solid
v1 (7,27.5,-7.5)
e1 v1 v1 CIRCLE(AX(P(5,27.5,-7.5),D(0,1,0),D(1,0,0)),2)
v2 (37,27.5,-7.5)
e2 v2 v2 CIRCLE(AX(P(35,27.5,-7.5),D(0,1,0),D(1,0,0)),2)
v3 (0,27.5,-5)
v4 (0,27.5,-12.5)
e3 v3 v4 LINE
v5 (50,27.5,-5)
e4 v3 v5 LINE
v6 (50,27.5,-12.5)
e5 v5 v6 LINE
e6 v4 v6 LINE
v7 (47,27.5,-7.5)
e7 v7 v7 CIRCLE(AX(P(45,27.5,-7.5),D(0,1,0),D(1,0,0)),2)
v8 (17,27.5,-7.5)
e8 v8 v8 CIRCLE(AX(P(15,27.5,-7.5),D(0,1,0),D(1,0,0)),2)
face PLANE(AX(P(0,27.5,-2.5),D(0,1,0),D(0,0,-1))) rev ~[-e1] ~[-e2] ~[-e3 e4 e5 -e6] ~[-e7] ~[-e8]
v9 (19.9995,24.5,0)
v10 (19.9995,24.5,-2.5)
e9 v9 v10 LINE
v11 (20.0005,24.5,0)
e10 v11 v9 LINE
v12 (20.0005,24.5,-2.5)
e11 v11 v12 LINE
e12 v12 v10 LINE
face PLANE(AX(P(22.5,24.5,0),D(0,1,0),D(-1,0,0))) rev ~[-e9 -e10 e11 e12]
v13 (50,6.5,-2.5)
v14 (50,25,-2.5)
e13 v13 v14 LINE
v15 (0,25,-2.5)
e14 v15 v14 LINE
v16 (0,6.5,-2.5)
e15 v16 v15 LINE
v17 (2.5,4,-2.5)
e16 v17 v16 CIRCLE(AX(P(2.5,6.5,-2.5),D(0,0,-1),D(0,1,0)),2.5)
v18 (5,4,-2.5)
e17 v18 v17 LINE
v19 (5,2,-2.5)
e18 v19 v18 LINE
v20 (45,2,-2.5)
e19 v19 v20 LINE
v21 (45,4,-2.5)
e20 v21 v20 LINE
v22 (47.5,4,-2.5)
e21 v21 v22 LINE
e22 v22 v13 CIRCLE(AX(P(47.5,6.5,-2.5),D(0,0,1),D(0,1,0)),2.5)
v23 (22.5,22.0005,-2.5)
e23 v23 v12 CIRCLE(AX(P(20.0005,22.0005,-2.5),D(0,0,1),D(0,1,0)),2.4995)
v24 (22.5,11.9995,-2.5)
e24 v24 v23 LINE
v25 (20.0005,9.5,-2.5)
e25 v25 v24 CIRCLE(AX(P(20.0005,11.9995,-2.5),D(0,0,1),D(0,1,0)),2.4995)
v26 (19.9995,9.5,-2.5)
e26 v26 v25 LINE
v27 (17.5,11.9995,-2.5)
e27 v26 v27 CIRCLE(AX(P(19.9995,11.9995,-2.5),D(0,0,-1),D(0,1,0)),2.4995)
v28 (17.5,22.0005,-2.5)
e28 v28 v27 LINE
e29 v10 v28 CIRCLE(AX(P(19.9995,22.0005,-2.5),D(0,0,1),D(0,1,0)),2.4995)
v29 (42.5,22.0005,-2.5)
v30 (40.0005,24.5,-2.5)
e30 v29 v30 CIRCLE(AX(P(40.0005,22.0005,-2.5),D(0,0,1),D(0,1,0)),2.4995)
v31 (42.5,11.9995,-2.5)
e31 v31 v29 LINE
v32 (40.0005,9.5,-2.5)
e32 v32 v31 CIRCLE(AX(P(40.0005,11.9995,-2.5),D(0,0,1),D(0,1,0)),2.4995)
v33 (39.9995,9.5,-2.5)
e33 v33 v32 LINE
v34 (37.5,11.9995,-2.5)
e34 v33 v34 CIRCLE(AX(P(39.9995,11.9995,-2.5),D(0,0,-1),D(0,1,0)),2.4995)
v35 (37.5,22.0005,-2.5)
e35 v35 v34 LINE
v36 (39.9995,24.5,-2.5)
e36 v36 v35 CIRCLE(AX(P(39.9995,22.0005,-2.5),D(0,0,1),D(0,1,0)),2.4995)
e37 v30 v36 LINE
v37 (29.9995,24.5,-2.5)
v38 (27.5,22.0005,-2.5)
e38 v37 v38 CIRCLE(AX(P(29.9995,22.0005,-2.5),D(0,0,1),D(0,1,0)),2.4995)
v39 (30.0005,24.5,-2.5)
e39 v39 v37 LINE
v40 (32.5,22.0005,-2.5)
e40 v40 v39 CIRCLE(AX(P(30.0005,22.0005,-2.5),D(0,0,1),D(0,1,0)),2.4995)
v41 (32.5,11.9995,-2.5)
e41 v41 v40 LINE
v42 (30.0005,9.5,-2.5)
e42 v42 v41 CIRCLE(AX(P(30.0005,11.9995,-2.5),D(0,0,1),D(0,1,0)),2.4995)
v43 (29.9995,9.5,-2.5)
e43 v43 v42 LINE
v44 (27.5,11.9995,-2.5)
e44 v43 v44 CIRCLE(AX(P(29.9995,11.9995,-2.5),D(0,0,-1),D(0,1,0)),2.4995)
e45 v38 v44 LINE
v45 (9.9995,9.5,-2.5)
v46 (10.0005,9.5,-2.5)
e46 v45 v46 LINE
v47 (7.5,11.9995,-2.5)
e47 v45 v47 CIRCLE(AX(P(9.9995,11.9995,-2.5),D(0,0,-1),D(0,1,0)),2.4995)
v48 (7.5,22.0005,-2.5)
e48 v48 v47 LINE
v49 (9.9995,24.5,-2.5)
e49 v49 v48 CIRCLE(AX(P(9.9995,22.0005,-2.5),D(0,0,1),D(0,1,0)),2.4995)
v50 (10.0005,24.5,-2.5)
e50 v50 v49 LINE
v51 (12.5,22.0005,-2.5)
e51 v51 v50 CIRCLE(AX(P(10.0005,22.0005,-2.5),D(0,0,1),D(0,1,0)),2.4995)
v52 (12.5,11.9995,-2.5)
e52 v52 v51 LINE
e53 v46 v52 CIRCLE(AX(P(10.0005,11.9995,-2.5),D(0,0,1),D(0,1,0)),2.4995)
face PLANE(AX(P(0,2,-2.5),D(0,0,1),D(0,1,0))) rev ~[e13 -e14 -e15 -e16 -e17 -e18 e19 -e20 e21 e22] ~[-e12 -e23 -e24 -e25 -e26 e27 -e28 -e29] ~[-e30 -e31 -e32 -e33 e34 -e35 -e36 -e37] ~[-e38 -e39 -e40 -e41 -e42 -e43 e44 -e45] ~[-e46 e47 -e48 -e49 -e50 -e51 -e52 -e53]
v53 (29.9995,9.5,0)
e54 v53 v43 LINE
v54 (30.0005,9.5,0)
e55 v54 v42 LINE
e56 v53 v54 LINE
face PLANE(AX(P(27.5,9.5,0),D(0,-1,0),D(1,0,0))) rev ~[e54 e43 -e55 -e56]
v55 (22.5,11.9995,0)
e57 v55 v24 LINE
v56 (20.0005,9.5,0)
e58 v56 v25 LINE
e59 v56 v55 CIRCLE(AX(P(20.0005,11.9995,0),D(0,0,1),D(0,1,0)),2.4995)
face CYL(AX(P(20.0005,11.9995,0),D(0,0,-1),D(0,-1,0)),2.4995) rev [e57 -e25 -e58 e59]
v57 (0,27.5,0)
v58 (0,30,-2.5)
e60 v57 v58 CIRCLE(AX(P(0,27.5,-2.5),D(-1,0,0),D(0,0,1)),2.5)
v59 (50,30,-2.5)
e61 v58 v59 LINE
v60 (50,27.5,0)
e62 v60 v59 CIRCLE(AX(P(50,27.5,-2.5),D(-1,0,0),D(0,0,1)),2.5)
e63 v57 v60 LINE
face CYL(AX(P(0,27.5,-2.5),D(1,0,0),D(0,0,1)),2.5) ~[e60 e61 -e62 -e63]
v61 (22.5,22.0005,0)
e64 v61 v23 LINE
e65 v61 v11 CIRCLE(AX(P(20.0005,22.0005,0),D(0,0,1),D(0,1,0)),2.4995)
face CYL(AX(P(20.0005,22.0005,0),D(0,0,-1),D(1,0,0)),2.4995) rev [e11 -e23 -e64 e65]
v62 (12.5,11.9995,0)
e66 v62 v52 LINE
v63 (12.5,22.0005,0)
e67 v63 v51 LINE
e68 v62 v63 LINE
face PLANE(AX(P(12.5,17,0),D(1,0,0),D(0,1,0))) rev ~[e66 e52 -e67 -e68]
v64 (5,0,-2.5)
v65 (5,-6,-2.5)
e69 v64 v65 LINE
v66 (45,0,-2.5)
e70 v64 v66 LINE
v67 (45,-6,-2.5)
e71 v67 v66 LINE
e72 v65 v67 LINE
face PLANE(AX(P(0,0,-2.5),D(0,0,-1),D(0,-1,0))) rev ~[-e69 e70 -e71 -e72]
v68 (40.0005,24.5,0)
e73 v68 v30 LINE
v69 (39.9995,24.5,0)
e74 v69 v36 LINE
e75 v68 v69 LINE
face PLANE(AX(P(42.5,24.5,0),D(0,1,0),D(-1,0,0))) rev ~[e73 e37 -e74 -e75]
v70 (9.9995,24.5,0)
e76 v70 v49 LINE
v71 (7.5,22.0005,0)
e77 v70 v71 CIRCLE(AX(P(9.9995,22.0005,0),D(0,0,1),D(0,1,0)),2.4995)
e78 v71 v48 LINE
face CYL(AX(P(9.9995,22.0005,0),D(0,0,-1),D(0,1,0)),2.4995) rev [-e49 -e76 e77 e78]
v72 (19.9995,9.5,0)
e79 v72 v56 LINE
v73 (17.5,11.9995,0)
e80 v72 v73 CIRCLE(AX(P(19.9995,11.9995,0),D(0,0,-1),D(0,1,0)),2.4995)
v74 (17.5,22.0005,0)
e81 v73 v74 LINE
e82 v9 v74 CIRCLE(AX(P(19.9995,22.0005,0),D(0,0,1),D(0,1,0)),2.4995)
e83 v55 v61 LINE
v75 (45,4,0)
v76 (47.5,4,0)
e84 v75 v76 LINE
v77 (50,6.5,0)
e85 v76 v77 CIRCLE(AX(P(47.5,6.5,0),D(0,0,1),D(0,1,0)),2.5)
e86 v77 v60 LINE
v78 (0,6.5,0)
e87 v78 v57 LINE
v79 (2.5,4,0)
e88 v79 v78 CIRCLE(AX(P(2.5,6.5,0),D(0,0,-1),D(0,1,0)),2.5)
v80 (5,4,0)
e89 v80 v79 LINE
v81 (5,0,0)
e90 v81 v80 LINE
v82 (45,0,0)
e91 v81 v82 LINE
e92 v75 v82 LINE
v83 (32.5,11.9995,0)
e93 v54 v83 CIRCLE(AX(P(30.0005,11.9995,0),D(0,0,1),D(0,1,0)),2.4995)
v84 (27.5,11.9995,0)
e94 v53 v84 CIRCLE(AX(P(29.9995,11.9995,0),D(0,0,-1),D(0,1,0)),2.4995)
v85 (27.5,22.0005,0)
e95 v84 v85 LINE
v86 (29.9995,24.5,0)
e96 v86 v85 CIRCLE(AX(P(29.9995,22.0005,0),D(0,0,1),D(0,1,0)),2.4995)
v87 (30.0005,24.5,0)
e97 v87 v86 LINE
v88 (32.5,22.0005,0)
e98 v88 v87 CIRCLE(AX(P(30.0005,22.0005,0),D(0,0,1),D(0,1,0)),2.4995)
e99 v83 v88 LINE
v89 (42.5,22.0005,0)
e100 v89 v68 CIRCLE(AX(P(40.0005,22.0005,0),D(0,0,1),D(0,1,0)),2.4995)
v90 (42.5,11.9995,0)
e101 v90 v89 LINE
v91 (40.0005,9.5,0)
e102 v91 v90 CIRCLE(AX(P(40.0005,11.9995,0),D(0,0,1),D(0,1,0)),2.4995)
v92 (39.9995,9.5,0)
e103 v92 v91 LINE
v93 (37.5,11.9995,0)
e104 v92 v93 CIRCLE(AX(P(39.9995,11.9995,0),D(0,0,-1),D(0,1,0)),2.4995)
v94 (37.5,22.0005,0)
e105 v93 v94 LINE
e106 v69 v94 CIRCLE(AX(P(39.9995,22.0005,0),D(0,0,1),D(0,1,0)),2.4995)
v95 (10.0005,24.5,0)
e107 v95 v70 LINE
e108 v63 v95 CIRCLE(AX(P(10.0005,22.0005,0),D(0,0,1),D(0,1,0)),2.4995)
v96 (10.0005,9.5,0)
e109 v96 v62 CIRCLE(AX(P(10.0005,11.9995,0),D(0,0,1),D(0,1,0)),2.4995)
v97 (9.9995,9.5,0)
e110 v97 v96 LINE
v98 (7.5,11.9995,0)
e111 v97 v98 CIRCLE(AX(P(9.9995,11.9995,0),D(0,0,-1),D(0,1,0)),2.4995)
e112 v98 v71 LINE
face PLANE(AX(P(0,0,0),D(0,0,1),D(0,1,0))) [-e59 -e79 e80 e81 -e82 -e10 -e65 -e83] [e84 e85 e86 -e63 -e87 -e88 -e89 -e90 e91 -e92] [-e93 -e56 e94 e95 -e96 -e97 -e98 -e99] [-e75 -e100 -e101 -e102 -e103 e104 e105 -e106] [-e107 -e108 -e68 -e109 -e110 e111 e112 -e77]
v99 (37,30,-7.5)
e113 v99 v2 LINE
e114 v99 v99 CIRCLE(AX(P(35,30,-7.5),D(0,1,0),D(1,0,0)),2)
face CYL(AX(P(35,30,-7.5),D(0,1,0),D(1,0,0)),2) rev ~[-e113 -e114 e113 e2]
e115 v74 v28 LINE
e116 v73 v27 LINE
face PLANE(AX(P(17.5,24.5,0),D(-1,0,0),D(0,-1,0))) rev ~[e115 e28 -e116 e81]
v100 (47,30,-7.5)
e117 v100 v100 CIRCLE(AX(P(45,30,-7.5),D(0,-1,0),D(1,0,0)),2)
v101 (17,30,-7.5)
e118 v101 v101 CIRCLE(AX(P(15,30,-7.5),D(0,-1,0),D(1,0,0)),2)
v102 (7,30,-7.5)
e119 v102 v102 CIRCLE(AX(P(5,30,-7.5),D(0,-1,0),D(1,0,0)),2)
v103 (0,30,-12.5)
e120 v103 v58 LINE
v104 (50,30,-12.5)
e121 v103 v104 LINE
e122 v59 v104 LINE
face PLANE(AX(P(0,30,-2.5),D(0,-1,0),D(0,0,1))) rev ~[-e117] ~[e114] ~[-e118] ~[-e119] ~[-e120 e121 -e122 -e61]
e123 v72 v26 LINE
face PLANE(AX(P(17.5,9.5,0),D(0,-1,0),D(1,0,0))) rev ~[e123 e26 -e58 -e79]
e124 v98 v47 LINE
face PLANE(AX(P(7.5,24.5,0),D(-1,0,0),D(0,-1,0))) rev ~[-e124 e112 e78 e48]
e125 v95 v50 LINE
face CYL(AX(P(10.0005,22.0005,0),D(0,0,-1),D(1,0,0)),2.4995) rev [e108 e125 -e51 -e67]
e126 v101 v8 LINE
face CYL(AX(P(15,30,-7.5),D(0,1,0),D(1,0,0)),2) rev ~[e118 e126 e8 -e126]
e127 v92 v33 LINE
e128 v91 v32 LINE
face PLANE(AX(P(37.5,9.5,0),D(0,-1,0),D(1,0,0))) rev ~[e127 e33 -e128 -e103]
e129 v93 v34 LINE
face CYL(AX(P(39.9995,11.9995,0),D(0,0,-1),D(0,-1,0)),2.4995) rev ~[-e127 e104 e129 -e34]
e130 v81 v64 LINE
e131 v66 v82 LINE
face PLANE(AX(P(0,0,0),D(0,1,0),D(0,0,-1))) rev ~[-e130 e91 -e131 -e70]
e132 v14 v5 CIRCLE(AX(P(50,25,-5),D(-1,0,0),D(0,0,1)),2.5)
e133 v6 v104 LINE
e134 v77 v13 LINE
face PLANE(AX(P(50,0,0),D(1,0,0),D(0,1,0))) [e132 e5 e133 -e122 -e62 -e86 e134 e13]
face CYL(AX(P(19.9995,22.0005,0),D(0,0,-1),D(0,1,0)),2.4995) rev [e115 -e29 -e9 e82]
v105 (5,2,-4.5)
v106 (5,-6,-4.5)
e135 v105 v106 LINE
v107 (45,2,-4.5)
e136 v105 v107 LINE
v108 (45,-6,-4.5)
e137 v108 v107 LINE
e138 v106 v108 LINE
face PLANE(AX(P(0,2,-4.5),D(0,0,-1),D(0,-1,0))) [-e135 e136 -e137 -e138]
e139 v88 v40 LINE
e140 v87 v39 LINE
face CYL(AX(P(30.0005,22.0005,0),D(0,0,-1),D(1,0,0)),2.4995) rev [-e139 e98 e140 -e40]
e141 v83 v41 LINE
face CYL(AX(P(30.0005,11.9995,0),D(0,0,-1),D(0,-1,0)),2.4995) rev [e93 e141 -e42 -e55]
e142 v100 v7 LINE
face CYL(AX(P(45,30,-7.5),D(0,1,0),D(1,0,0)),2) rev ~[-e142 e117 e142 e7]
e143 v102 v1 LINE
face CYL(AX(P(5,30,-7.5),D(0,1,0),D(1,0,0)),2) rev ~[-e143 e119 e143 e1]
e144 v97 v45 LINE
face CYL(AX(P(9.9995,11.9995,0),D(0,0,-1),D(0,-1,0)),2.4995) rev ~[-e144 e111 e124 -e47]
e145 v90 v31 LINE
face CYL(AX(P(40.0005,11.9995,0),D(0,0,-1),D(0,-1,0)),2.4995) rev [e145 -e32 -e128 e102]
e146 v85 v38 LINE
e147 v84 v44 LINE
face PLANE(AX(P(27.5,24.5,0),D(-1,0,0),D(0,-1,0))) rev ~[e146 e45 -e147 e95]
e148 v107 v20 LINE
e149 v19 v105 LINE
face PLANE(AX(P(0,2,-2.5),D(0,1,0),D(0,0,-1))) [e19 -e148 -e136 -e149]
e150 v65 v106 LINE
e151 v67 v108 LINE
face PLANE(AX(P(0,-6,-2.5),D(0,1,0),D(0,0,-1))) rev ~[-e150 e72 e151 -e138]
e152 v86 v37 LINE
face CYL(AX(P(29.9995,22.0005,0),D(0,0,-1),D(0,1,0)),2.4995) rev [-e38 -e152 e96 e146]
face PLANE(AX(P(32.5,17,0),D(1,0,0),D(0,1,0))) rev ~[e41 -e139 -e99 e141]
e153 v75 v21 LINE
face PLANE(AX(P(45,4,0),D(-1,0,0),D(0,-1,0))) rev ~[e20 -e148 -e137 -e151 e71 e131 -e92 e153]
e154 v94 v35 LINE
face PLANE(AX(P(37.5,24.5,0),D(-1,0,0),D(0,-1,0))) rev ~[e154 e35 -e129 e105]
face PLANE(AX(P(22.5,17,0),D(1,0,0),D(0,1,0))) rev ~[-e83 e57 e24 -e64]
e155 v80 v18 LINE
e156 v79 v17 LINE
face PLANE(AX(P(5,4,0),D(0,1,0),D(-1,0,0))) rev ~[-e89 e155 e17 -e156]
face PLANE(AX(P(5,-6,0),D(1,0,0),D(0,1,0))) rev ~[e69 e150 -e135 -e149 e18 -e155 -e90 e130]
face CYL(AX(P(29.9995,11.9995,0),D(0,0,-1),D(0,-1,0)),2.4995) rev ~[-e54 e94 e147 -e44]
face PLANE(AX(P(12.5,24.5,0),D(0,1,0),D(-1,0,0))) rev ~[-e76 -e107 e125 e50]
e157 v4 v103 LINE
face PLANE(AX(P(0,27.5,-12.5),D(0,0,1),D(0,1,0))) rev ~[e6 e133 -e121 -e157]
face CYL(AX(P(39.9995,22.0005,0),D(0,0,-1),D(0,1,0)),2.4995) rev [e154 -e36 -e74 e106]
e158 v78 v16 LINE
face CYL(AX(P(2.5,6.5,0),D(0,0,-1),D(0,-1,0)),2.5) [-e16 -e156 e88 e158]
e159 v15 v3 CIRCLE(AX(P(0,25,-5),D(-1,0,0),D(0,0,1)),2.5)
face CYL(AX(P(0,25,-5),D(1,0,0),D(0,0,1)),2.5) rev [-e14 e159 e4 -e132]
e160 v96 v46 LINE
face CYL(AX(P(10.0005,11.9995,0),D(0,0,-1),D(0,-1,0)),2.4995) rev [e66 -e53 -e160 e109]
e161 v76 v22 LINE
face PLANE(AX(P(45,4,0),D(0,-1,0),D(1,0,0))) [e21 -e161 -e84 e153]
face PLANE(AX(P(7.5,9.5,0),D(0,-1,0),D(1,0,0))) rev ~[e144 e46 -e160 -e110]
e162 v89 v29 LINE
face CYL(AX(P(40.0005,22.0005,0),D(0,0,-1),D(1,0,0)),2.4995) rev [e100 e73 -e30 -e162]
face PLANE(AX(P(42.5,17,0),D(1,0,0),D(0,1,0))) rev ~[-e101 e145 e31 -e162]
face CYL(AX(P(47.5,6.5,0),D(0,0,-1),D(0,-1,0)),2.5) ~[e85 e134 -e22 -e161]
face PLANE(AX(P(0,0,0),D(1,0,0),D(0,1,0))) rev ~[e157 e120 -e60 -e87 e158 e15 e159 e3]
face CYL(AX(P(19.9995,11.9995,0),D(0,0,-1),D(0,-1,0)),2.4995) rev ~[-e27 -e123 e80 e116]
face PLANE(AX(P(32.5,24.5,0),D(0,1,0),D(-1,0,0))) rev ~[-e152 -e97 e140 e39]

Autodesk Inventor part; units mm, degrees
ref_plane "YZ Plane" through (0, 0, 0) normal (1, 0, 0) x (0, 1, 0)
ref_plane "XZ Plane" through (0, 0, 0) normal (0, 1, 0) x (-1, 0, 0)
ref_plane "XY Plane" through (0, 0, 0) normal (0, 0, 1) x (1, 0, 0)
sketch "Sketch1" plane through (0, 0, 0) normal (1, 0, 0) x (0, 1, 0)
  line L0 (0, 0) -> (30, 0)
  line L1 (30, 0) -> (0, 0)
  line L2 (0, 0) -> (0, -2.5)
  line L3 (0, -2.5) -> (30, -2.5)
  line L4 (30, -2.5) -> (30, 0)
  line L5 (30, -2.5) -> (27.5, -2.5)
  line L6 (27.5, -2.5) -> (27.5, -12.5)
  line L7 (27.5, -12.5) -> (30, -12.5)
  line L8 (30, -12.5) -> (30, -2.5)
  line L9 (0, -2.5) -> (2, -2.5)
  line L10 (2, -2.5) -> (2, -4.5)
  line L11 (2, -4.5) -> (0, -4.5)
  line L12 (0, -4.5) -> (0, -2.5)
  line L13 (0, -2.5) -> (-6, -2.5)
  line L14 (-6, -2.5) -> (-6, -4.5)
  line L15 (-6, -4.5) -> (0, -4.5)
  line L16 (0, -4.5) -> (0, -2.5)
  dimension "d0" = 30
  dimension "d1" = 2.5
  dimension "d2" = 2.5
  dimension "d3" = 10
  dimension "d4" = 2
  dimension "d5" = 2
  dimension "d6" = 6
extrude "Extrusion1" add sketch "Sketch1" along normal blind 50
sketch "Sketch2" plane through (0, 30, 0) normal (0, 1, 0) x (1, 0, 0)
  line L0 (50, 12.5) -> (50, 0) projected
  line L1 (50, 12.5) -> (45, 12.5)
  line L2 (45, 12.5) -> (45, 7.5)
  line L3 (45, 7.5) -> (50, 7.5)
  line L4 (50, 7.5) -> (50, 12.5)
  line L5 (45, 7.5) -> (35, 7.5)
  line L6 (0, 12.5) -> (50, 12.5) projected
  line L7 (0, 12.5) -> (5, 12.5)
  line L8 (5, 12.5) -> (5, 7.5)
  line L9 (5, 7.5) -> (0, 7.5)
  line L10 (0, 7.5) -> (0, 12.5)
  circle A0 centre (5, 7.5) radius 2
  circle A1 centre (35, 7.5) radius 2
  circle A2 centre (45, 7.5) radius 2
  line L11 (5, 7.5) -> (15, 7.5)
  circle A3 centre (15, 7.5) radius 2
  point P0 (0, 0)
  dimension "d9" = 5
  dimension "d10" = 5
  dimension "d11" = 10
  dimension "d12" = 5
  dimension "d13" = 5
  dimension "d14" = 4
  dimension "d15" = 4
  dimension "d16" = 4
  dimension "d19" = 10
  dimension "d20" = 4
extrude "Extrusion2" cut sketch "Sketch2" against normal blind 30 contours A1 | A3 | A2 L5 L3 | L3 L2 A2 | L2 L5 A2 | A0 L11 L8 | L8 L9 A0 | L11 A0 L9
sketch "Sketch3" plane through (0, 0, 0) normal (0, 0, 1) x (1, 0, 0)
  line L0 (0, -6) -> (0, 2) projected
  line L1 (0, -6) -> (5, -6)
  line L2 (5, -6) -> (5, 4)
  line L3 (5, 4) -> (0, 4)
  line L4 (0, 4) -> (0, -6)
  line L5 (45, -6) -> (40, -6)
  line L6 (40, -6) -> (40, 4)
  line L7 (40, 4) -> (45, 4)
  line L8 (45, 4) -> (45, -6)
  line L9 (50, -6) -> (50, 2) projected
  line L10 (50, -6) -> (45, -6)
  line L11 (45, -6) -> (45, 4)
  line L12 (45, 4) -> (50, 4)
  line L13 (50, 4) -> (50, -6)
  point P0 (0, 0)
  point P1 (0, 2)
  dimension "d21" = 5
  dimension "d22" = 10
  dimension "d23" = 5
  dimension "d24" = 10
extrude "Extrusion3" cut sketch "Sketch3" against normal blind 50 contours L0 L4 L3 L2 L1 | L8 L12 L13 L9 L10
sketch "Sketch4" plane through (0, 30, 0) normal (0, 0, 1) x (1, 0, 0)
  line L0 (0, 0) -> (0, -26) projected
  line L1 (0, -13) -> (50, -13)
  line L2 (50, -26) -> (50, -2.5) projected
  line L3 (0, -13) -> (10, -13)
  line L4 (10, -13) -> (20, -13)
  line L5 (20, -13) -> (30, -13)
  line L6 (30, -13) -> (40, -13)
  line L7 (40, -13) -> (50, -13)
  line L8 (7.5, -20.5) -> (12.5, -20.5)
  line L9 (12.5, -20.5) -> (12.5, -5.5)
  line L10 (12.5, -5.5) -> (7.5, -5.5)
  line L11 (7.5, -5.5) -> (7.5, -20.5)
  line L12 (7.5, -20.5) -> (12.5, -5.5) construction
  line L13 (12.5, -20.5) -> (7.5, -5.5) construction
  line L14 (17.5, -20.5) -> (22.5, -20.5)
  line L15 (22.5, -20.5) -> (22.5, -5.5)
  line L16 (22.5, -5.5) -> (17.5, -5.5)
  line L17 (17.5, -5.5) -> (17.5, -20.5)
  line L18 (17.5, -20.5) -> (22.5, -5.5) construction
  line L19 (22.5, -20.5) -> (17.5, -5.5) construction
  line L20 (27.5, -20.5) -> (32.5, -20.5)
  line L21 (32.5, -20.5) -> (32.5, -5.5)
  line L22 (32.5, -5.5) -> (27.5, -5.5)
  line L23 (27.5, -5.5) -> (27.5, -20.5)
  line L24 (27.5, -20.5) -> (32.5, -5.5) construction
  line L25 (32.5, -20.5) -> (27.5, -5.5) construction
  line L26 (37.5, -20.5) -> (42.5, -20.5)
  line L27 (42.5, -20.5) -> (42.5, -5.5)
  line L28 (42.5, -5.5) -> (37.5, -5.5)
  line L29 (37.5, -5.5) -> (37.5, -20.5)
  line L30 (37.5, -20.5) -> (42.5, -5.5) construction
  line L31 (42.5, -20.5) -> (37.5, -5.5) construction
  point P0 (0, -30)
  dimension "d27" = 10
  dimension "d28" = 10
  dimension "d29" = 10
  dimension "d30" = 10
  dimension "d31" = 10
  dimension "d32" = 5
  dimension "d33" = 15
  dimension "d34" = 5
  dimension "d35" = 15
  dimension "d36" = 5
  dimension "d37" = 15
  dimension "d38" = 5
  dimension "d39" = 15
extrude "Extrusion4" cut sketch "Sketch4" against normal blind 50
fillet "Fillet1" radius 2.5 16 edges at (7.5, 9.5, -1.25) (12.5, 9.5, -1.25) (7.5, 24.5, -1.25) (12.5, 24.5, -1.25) (17.5, 24.5, -1.25) (22.5, 24.5, -1.25) (17.5, 9.5, -1.25) (22.5, 9.5, -1.25) (27.5, 9.5, -1.25) (27.5, 24.5, -1.25) (32.5, 24.5, -1.25) (32.5, 9.5, -1.25) (37.5, 9.5, -1.25) (37.5, 24.5, -1.25) (42.5, 24.5, -1.25) (42.5, 9.5, -1.25)
fillet "Fillet2" radius 2.5 4 edges at (25, 30, 0) (25, 27.5, -2.5) (50, 4, -1.25) (0, 4, -1.25)
properties part number "lateral_panel_1"
